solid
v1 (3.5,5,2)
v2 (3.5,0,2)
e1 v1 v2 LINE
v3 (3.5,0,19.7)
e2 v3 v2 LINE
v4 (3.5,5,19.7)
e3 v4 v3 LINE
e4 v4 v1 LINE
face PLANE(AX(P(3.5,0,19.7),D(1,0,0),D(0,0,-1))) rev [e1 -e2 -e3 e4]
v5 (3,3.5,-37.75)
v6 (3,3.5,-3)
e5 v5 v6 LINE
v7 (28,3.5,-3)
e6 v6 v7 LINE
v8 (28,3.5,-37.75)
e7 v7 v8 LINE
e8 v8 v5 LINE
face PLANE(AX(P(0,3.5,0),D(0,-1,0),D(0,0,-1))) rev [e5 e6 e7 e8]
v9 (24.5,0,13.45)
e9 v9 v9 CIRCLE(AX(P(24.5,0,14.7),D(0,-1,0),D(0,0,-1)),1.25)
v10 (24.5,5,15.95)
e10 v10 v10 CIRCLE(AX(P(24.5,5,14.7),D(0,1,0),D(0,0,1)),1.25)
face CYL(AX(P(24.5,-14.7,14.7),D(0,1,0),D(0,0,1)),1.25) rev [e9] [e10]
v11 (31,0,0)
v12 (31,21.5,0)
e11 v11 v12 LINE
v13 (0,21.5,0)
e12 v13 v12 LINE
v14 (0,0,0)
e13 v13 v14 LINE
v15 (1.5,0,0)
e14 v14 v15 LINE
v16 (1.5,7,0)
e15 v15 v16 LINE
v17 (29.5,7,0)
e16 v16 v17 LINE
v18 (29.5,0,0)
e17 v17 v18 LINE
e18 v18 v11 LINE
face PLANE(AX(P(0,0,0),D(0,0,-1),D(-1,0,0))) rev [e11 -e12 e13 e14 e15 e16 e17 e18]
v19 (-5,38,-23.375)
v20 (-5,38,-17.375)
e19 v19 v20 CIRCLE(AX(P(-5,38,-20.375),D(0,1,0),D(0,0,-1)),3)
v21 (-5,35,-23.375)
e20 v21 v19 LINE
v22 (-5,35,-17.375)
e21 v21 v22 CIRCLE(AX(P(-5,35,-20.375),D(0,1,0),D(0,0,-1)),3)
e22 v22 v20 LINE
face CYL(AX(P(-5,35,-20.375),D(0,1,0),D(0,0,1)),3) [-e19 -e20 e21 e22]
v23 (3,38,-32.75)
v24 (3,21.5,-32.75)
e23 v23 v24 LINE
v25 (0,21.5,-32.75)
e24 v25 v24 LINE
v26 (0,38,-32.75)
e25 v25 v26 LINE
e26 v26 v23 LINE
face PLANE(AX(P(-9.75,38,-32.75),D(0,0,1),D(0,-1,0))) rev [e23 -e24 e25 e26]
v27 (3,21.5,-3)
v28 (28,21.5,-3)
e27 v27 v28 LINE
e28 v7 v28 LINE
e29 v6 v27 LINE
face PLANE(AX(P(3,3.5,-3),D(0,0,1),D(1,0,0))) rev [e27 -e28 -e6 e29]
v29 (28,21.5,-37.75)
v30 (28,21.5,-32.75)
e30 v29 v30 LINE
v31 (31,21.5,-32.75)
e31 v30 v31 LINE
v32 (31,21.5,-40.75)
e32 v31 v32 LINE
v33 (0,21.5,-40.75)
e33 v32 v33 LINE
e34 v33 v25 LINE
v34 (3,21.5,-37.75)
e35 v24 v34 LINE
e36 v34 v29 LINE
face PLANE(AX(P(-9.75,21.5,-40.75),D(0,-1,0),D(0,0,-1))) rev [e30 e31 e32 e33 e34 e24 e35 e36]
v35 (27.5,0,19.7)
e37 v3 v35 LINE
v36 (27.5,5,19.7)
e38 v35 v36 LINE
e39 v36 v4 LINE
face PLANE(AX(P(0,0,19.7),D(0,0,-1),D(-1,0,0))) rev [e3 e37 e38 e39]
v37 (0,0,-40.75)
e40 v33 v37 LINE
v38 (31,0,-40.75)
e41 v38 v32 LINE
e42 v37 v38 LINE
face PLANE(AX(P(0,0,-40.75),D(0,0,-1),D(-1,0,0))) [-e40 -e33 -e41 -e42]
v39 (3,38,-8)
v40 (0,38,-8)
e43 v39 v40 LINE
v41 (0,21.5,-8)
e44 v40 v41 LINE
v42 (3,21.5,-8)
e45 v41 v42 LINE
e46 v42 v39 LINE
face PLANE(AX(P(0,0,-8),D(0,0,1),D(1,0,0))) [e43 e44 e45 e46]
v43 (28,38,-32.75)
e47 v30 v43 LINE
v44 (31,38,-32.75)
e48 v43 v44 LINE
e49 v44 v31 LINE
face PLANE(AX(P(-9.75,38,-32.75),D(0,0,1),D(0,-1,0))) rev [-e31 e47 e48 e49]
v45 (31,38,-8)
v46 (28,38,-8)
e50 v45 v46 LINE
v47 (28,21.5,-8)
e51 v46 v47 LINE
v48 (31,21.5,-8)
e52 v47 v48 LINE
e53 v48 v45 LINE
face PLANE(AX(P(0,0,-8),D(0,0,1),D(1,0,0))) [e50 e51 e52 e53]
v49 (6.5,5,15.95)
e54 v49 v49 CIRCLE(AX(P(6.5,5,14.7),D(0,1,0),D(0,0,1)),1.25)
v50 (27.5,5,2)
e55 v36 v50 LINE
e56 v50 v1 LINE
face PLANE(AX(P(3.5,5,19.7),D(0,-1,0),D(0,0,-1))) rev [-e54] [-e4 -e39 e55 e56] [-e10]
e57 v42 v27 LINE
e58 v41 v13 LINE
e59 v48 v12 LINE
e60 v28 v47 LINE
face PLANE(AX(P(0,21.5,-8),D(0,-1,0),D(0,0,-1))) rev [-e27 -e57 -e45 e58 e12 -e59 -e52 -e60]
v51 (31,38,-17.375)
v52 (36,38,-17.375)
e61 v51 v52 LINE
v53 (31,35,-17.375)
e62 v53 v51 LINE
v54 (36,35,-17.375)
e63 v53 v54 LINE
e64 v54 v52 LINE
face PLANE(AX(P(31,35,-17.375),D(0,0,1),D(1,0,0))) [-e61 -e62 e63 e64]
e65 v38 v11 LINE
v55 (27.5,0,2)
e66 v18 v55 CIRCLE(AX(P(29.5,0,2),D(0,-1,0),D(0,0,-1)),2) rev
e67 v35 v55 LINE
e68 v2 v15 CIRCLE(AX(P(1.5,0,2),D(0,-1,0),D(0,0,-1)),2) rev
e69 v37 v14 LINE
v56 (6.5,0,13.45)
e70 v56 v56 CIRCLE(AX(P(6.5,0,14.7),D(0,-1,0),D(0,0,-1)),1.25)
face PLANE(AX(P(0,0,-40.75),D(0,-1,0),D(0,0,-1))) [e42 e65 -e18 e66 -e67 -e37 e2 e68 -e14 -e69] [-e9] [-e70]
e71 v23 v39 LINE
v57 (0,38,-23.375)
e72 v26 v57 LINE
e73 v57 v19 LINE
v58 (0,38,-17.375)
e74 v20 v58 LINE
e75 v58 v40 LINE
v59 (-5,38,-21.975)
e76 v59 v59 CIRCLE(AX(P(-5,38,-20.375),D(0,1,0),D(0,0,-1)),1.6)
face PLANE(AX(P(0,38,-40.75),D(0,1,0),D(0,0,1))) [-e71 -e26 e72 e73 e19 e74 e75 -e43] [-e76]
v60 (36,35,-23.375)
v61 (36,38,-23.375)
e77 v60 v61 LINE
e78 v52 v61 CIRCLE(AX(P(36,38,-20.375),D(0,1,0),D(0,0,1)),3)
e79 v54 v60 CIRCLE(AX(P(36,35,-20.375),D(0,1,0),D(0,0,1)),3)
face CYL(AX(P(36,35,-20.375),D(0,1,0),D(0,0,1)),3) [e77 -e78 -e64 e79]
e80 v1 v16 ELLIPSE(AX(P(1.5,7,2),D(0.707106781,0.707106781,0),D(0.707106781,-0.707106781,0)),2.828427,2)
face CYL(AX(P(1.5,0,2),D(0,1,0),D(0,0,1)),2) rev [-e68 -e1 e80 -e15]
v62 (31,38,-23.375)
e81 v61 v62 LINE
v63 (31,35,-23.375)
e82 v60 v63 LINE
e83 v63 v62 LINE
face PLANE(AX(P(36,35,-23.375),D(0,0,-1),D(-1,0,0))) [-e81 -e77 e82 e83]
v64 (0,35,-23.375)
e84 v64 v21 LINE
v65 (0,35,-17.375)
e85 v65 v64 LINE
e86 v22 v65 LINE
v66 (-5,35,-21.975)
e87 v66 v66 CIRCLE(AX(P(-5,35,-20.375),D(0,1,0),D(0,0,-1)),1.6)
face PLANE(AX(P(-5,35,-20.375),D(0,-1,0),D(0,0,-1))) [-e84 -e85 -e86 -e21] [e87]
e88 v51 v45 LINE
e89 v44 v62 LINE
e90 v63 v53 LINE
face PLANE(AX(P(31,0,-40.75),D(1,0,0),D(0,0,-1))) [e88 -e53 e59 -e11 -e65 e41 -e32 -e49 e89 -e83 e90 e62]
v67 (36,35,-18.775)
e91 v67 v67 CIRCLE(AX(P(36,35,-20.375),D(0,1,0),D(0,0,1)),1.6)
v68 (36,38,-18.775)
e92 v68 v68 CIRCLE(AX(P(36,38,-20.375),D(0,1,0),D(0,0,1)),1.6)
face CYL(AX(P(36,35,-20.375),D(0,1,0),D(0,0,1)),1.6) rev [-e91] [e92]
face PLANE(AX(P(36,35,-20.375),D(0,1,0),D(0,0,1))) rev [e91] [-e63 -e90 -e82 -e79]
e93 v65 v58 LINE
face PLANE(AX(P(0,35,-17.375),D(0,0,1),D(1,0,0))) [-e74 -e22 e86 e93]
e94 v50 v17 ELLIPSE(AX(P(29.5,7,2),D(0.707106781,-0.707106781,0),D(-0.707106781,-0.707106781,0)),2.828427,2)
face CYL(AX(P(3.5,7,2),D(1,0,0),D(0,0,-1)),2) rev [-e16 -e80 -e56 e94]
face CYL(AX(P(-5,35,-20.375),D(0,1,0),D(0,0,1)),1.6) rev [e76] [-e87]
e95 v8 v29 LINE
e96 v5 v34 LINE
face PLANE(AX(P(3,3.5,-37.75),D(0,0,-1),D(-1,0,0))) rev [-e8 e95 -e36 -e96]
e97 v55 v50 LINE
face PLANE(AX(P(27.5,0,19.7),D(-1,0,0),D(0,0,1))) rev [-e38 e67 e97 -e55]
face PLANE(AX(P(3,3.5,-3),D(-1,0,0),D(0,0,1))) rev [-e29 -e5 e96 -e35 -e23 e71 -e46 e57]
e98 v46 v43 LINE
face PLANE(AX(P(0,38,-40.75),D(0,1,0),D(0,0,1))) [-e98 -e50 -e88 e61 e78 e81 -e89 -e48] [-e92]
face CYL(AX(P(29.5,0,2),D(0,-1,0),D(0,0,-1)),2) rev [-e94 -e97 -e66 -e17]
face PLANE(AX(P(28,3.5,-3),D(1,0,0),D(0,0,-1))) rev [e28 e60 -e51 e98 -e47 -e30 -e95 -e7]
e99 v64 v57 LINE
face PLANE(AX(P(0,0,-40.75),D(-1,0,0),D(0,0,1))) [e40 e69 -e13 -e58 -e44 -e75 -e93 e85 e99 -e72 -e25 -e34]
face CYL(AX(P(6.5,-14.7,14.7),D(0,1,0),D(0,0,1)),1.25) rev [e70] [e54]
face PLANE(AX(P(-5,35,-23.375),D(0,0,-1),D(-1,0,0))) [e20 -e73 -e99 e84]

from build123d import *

# Parameters (mm, degrees)
SKETCH_1_W          = 31
SKETCH_1_H          = 38
EXTRUDE_1_DEPTH     = 40.75
SKETCH_2_W          = 8
SKETCH_2_H          = 16.5
CUT_EXTRUDE_1_DEPTH = 40.75
SKETCH_3_W          = 25
SKETCH_3_H          = 34.75
CUT_EXTRUDE_2_DEPTH = 34.5
SKETCH_4_R          = 12.5
CUT_EXTRUDE_3_DEPTH = 34.5
SKETCH_5_R          = 1.6
EXTRUDE_2_DEPTH     = 3
SKETCH_6_W          = 24
SKETCH_6_H          = 5
EXTRUDE_3_DEPTH     = 19.7
FILLET_1_R          = 2
SKETCH_7_R          = 1.25
CUT_EXTRUDE_4_DEPTH = 19.7
SKETCH_8_W          = 31
SKETCH_8_H          = 16.5
CUT_EXTRUDE_5_DEPTH = 8


with BuildPart() as part:
    # 草图1 → 凸台-拉伸1 (new body)
    with BuildSketch(Plane.XY):
        with Locations((15.5, 19)):
            Rectangle(SKETCH_1_W, SKETCH_1_H)
    extrude(amount=-EXTRUDE_1_DEPTH)

    # 草图2 → 切除-拉伸1 (cut)
    with BuildSketch(Plane(origin=(31, 0, 0), x_dir=(0, 0, -1), z_dir=(1, 0, 0))):
        with Locations((36.75, 29.75)):
            Rectangle(SKETCH_2_W, SKETCH_2_H)
    extrude(amount=-CUT_EXTRUDE_1_DEPTH, mode=Mode.SUBTRACT)

    # 草图3 → 切除-拉伸2 (cut)
    with BuildSketch(Plane(origin=(0, 38, 0), x_dir=(1, 0, 0), z_dir=(0, 1, 0))):
        with Locations((15.5, 20.375)):
            Rectangle(SKETCH_3_W, SKETCH_3_H)
    extrude(amount=-CUT_EXTRUDE_2_DEPTH, mode=Mode.SUBTRACT)

    # 草图4 → 切除-拉伸3 (cut)
    with BuildSketch(Plane.XY):
        with Locations((15.5, 38)):
            Circle(SKETCH_4_R)
    extrude(amount=-CUT_EXTRUDE_3_DEPTH, mode=Mode.SUBTRACT)

    # 草图5 → 凸台-拉伸2 (add)
    with BuildSketch(Plane(origin=(0, 38, 0), x_dir=(1, 0, 0), z_dir=(0, 1, 0))):
        with BuildLine():
            Line((36, 23.375), (31, 23.375))
            Line((31, 23.375), (31, 17.375))
            Line((31, 17.375), (36, 17.375))
            ThreePointArc((36, 17.375), (39, 20.375), (36, 23.375))
        make_face()
        with Locations((36, 20.375)):
            Circle(SKETCH_5_R, mode=Mode.SUBTRACT)
        with BuildLine():
            Line((0, 23.375), (0, 17.375))
            Line((0, 17.375), (-5, 17.375))
            ThreePointArc((-5, 17.375), (-8, 20.375), (-5, 23.375))
            Line((-5, 23.375), (0, 23.375))
        make_face()
        with Locations((-5, 20.375)):
            Circle(SKETCH_5_R, mode=Mode.SUBTRACT)
    extrude(amount=-EXTRUDE_2_DEPTH)

    # 草图6 → 凸台-拉伸3 (add)
    with BuildSketch(Plane.XY):
        with Locations((15.5, 2.5)):
            Rectangle(SKETCH_6_W, SKETCH_6_H)
    extrude(amount=EXTRUDE_3_DEPTH)

    # 圆角1
    fillet_1_edges = [part.edges().sort_by_distance(p)[0] for p in [
        (3.5, 2.5, 0),
        (27.5, 2.5, 0),
        (15.5, 5, 0),
    ]]
    fillet(fillet_1_edges, radius=FILLET_1_R)

    # 草图7 → 切除-拉伸4 (cut)
    with BuildSketch(Plane(origin=(0, 5, 0), x_dir=(1, 0, 0), z_dir=(0, 1, 0))):
        with Locations((6.5, -14.7)):
            Circle(SKETCH_7_R)
        with Locations((24.5, -14.7)):
            Circle(SKETCH_7_R)
    extrude(amount=-CUT_EXTRUDE_4_DEPTH, mode=Mode.SUBTRACT)

    # 草图8 → 切除-拉伸5 (cut)
    with BuildSketch(Plane.XY):
        with Locations((15.5, 29.75)):
            Rectangle(SKETCH_8_W, SKETCH_8_H)
    extrude(amount=-CUT_EXTRUDE_5_DEPTH, mode=Mode.SUBTRACT)


solid = part.part
